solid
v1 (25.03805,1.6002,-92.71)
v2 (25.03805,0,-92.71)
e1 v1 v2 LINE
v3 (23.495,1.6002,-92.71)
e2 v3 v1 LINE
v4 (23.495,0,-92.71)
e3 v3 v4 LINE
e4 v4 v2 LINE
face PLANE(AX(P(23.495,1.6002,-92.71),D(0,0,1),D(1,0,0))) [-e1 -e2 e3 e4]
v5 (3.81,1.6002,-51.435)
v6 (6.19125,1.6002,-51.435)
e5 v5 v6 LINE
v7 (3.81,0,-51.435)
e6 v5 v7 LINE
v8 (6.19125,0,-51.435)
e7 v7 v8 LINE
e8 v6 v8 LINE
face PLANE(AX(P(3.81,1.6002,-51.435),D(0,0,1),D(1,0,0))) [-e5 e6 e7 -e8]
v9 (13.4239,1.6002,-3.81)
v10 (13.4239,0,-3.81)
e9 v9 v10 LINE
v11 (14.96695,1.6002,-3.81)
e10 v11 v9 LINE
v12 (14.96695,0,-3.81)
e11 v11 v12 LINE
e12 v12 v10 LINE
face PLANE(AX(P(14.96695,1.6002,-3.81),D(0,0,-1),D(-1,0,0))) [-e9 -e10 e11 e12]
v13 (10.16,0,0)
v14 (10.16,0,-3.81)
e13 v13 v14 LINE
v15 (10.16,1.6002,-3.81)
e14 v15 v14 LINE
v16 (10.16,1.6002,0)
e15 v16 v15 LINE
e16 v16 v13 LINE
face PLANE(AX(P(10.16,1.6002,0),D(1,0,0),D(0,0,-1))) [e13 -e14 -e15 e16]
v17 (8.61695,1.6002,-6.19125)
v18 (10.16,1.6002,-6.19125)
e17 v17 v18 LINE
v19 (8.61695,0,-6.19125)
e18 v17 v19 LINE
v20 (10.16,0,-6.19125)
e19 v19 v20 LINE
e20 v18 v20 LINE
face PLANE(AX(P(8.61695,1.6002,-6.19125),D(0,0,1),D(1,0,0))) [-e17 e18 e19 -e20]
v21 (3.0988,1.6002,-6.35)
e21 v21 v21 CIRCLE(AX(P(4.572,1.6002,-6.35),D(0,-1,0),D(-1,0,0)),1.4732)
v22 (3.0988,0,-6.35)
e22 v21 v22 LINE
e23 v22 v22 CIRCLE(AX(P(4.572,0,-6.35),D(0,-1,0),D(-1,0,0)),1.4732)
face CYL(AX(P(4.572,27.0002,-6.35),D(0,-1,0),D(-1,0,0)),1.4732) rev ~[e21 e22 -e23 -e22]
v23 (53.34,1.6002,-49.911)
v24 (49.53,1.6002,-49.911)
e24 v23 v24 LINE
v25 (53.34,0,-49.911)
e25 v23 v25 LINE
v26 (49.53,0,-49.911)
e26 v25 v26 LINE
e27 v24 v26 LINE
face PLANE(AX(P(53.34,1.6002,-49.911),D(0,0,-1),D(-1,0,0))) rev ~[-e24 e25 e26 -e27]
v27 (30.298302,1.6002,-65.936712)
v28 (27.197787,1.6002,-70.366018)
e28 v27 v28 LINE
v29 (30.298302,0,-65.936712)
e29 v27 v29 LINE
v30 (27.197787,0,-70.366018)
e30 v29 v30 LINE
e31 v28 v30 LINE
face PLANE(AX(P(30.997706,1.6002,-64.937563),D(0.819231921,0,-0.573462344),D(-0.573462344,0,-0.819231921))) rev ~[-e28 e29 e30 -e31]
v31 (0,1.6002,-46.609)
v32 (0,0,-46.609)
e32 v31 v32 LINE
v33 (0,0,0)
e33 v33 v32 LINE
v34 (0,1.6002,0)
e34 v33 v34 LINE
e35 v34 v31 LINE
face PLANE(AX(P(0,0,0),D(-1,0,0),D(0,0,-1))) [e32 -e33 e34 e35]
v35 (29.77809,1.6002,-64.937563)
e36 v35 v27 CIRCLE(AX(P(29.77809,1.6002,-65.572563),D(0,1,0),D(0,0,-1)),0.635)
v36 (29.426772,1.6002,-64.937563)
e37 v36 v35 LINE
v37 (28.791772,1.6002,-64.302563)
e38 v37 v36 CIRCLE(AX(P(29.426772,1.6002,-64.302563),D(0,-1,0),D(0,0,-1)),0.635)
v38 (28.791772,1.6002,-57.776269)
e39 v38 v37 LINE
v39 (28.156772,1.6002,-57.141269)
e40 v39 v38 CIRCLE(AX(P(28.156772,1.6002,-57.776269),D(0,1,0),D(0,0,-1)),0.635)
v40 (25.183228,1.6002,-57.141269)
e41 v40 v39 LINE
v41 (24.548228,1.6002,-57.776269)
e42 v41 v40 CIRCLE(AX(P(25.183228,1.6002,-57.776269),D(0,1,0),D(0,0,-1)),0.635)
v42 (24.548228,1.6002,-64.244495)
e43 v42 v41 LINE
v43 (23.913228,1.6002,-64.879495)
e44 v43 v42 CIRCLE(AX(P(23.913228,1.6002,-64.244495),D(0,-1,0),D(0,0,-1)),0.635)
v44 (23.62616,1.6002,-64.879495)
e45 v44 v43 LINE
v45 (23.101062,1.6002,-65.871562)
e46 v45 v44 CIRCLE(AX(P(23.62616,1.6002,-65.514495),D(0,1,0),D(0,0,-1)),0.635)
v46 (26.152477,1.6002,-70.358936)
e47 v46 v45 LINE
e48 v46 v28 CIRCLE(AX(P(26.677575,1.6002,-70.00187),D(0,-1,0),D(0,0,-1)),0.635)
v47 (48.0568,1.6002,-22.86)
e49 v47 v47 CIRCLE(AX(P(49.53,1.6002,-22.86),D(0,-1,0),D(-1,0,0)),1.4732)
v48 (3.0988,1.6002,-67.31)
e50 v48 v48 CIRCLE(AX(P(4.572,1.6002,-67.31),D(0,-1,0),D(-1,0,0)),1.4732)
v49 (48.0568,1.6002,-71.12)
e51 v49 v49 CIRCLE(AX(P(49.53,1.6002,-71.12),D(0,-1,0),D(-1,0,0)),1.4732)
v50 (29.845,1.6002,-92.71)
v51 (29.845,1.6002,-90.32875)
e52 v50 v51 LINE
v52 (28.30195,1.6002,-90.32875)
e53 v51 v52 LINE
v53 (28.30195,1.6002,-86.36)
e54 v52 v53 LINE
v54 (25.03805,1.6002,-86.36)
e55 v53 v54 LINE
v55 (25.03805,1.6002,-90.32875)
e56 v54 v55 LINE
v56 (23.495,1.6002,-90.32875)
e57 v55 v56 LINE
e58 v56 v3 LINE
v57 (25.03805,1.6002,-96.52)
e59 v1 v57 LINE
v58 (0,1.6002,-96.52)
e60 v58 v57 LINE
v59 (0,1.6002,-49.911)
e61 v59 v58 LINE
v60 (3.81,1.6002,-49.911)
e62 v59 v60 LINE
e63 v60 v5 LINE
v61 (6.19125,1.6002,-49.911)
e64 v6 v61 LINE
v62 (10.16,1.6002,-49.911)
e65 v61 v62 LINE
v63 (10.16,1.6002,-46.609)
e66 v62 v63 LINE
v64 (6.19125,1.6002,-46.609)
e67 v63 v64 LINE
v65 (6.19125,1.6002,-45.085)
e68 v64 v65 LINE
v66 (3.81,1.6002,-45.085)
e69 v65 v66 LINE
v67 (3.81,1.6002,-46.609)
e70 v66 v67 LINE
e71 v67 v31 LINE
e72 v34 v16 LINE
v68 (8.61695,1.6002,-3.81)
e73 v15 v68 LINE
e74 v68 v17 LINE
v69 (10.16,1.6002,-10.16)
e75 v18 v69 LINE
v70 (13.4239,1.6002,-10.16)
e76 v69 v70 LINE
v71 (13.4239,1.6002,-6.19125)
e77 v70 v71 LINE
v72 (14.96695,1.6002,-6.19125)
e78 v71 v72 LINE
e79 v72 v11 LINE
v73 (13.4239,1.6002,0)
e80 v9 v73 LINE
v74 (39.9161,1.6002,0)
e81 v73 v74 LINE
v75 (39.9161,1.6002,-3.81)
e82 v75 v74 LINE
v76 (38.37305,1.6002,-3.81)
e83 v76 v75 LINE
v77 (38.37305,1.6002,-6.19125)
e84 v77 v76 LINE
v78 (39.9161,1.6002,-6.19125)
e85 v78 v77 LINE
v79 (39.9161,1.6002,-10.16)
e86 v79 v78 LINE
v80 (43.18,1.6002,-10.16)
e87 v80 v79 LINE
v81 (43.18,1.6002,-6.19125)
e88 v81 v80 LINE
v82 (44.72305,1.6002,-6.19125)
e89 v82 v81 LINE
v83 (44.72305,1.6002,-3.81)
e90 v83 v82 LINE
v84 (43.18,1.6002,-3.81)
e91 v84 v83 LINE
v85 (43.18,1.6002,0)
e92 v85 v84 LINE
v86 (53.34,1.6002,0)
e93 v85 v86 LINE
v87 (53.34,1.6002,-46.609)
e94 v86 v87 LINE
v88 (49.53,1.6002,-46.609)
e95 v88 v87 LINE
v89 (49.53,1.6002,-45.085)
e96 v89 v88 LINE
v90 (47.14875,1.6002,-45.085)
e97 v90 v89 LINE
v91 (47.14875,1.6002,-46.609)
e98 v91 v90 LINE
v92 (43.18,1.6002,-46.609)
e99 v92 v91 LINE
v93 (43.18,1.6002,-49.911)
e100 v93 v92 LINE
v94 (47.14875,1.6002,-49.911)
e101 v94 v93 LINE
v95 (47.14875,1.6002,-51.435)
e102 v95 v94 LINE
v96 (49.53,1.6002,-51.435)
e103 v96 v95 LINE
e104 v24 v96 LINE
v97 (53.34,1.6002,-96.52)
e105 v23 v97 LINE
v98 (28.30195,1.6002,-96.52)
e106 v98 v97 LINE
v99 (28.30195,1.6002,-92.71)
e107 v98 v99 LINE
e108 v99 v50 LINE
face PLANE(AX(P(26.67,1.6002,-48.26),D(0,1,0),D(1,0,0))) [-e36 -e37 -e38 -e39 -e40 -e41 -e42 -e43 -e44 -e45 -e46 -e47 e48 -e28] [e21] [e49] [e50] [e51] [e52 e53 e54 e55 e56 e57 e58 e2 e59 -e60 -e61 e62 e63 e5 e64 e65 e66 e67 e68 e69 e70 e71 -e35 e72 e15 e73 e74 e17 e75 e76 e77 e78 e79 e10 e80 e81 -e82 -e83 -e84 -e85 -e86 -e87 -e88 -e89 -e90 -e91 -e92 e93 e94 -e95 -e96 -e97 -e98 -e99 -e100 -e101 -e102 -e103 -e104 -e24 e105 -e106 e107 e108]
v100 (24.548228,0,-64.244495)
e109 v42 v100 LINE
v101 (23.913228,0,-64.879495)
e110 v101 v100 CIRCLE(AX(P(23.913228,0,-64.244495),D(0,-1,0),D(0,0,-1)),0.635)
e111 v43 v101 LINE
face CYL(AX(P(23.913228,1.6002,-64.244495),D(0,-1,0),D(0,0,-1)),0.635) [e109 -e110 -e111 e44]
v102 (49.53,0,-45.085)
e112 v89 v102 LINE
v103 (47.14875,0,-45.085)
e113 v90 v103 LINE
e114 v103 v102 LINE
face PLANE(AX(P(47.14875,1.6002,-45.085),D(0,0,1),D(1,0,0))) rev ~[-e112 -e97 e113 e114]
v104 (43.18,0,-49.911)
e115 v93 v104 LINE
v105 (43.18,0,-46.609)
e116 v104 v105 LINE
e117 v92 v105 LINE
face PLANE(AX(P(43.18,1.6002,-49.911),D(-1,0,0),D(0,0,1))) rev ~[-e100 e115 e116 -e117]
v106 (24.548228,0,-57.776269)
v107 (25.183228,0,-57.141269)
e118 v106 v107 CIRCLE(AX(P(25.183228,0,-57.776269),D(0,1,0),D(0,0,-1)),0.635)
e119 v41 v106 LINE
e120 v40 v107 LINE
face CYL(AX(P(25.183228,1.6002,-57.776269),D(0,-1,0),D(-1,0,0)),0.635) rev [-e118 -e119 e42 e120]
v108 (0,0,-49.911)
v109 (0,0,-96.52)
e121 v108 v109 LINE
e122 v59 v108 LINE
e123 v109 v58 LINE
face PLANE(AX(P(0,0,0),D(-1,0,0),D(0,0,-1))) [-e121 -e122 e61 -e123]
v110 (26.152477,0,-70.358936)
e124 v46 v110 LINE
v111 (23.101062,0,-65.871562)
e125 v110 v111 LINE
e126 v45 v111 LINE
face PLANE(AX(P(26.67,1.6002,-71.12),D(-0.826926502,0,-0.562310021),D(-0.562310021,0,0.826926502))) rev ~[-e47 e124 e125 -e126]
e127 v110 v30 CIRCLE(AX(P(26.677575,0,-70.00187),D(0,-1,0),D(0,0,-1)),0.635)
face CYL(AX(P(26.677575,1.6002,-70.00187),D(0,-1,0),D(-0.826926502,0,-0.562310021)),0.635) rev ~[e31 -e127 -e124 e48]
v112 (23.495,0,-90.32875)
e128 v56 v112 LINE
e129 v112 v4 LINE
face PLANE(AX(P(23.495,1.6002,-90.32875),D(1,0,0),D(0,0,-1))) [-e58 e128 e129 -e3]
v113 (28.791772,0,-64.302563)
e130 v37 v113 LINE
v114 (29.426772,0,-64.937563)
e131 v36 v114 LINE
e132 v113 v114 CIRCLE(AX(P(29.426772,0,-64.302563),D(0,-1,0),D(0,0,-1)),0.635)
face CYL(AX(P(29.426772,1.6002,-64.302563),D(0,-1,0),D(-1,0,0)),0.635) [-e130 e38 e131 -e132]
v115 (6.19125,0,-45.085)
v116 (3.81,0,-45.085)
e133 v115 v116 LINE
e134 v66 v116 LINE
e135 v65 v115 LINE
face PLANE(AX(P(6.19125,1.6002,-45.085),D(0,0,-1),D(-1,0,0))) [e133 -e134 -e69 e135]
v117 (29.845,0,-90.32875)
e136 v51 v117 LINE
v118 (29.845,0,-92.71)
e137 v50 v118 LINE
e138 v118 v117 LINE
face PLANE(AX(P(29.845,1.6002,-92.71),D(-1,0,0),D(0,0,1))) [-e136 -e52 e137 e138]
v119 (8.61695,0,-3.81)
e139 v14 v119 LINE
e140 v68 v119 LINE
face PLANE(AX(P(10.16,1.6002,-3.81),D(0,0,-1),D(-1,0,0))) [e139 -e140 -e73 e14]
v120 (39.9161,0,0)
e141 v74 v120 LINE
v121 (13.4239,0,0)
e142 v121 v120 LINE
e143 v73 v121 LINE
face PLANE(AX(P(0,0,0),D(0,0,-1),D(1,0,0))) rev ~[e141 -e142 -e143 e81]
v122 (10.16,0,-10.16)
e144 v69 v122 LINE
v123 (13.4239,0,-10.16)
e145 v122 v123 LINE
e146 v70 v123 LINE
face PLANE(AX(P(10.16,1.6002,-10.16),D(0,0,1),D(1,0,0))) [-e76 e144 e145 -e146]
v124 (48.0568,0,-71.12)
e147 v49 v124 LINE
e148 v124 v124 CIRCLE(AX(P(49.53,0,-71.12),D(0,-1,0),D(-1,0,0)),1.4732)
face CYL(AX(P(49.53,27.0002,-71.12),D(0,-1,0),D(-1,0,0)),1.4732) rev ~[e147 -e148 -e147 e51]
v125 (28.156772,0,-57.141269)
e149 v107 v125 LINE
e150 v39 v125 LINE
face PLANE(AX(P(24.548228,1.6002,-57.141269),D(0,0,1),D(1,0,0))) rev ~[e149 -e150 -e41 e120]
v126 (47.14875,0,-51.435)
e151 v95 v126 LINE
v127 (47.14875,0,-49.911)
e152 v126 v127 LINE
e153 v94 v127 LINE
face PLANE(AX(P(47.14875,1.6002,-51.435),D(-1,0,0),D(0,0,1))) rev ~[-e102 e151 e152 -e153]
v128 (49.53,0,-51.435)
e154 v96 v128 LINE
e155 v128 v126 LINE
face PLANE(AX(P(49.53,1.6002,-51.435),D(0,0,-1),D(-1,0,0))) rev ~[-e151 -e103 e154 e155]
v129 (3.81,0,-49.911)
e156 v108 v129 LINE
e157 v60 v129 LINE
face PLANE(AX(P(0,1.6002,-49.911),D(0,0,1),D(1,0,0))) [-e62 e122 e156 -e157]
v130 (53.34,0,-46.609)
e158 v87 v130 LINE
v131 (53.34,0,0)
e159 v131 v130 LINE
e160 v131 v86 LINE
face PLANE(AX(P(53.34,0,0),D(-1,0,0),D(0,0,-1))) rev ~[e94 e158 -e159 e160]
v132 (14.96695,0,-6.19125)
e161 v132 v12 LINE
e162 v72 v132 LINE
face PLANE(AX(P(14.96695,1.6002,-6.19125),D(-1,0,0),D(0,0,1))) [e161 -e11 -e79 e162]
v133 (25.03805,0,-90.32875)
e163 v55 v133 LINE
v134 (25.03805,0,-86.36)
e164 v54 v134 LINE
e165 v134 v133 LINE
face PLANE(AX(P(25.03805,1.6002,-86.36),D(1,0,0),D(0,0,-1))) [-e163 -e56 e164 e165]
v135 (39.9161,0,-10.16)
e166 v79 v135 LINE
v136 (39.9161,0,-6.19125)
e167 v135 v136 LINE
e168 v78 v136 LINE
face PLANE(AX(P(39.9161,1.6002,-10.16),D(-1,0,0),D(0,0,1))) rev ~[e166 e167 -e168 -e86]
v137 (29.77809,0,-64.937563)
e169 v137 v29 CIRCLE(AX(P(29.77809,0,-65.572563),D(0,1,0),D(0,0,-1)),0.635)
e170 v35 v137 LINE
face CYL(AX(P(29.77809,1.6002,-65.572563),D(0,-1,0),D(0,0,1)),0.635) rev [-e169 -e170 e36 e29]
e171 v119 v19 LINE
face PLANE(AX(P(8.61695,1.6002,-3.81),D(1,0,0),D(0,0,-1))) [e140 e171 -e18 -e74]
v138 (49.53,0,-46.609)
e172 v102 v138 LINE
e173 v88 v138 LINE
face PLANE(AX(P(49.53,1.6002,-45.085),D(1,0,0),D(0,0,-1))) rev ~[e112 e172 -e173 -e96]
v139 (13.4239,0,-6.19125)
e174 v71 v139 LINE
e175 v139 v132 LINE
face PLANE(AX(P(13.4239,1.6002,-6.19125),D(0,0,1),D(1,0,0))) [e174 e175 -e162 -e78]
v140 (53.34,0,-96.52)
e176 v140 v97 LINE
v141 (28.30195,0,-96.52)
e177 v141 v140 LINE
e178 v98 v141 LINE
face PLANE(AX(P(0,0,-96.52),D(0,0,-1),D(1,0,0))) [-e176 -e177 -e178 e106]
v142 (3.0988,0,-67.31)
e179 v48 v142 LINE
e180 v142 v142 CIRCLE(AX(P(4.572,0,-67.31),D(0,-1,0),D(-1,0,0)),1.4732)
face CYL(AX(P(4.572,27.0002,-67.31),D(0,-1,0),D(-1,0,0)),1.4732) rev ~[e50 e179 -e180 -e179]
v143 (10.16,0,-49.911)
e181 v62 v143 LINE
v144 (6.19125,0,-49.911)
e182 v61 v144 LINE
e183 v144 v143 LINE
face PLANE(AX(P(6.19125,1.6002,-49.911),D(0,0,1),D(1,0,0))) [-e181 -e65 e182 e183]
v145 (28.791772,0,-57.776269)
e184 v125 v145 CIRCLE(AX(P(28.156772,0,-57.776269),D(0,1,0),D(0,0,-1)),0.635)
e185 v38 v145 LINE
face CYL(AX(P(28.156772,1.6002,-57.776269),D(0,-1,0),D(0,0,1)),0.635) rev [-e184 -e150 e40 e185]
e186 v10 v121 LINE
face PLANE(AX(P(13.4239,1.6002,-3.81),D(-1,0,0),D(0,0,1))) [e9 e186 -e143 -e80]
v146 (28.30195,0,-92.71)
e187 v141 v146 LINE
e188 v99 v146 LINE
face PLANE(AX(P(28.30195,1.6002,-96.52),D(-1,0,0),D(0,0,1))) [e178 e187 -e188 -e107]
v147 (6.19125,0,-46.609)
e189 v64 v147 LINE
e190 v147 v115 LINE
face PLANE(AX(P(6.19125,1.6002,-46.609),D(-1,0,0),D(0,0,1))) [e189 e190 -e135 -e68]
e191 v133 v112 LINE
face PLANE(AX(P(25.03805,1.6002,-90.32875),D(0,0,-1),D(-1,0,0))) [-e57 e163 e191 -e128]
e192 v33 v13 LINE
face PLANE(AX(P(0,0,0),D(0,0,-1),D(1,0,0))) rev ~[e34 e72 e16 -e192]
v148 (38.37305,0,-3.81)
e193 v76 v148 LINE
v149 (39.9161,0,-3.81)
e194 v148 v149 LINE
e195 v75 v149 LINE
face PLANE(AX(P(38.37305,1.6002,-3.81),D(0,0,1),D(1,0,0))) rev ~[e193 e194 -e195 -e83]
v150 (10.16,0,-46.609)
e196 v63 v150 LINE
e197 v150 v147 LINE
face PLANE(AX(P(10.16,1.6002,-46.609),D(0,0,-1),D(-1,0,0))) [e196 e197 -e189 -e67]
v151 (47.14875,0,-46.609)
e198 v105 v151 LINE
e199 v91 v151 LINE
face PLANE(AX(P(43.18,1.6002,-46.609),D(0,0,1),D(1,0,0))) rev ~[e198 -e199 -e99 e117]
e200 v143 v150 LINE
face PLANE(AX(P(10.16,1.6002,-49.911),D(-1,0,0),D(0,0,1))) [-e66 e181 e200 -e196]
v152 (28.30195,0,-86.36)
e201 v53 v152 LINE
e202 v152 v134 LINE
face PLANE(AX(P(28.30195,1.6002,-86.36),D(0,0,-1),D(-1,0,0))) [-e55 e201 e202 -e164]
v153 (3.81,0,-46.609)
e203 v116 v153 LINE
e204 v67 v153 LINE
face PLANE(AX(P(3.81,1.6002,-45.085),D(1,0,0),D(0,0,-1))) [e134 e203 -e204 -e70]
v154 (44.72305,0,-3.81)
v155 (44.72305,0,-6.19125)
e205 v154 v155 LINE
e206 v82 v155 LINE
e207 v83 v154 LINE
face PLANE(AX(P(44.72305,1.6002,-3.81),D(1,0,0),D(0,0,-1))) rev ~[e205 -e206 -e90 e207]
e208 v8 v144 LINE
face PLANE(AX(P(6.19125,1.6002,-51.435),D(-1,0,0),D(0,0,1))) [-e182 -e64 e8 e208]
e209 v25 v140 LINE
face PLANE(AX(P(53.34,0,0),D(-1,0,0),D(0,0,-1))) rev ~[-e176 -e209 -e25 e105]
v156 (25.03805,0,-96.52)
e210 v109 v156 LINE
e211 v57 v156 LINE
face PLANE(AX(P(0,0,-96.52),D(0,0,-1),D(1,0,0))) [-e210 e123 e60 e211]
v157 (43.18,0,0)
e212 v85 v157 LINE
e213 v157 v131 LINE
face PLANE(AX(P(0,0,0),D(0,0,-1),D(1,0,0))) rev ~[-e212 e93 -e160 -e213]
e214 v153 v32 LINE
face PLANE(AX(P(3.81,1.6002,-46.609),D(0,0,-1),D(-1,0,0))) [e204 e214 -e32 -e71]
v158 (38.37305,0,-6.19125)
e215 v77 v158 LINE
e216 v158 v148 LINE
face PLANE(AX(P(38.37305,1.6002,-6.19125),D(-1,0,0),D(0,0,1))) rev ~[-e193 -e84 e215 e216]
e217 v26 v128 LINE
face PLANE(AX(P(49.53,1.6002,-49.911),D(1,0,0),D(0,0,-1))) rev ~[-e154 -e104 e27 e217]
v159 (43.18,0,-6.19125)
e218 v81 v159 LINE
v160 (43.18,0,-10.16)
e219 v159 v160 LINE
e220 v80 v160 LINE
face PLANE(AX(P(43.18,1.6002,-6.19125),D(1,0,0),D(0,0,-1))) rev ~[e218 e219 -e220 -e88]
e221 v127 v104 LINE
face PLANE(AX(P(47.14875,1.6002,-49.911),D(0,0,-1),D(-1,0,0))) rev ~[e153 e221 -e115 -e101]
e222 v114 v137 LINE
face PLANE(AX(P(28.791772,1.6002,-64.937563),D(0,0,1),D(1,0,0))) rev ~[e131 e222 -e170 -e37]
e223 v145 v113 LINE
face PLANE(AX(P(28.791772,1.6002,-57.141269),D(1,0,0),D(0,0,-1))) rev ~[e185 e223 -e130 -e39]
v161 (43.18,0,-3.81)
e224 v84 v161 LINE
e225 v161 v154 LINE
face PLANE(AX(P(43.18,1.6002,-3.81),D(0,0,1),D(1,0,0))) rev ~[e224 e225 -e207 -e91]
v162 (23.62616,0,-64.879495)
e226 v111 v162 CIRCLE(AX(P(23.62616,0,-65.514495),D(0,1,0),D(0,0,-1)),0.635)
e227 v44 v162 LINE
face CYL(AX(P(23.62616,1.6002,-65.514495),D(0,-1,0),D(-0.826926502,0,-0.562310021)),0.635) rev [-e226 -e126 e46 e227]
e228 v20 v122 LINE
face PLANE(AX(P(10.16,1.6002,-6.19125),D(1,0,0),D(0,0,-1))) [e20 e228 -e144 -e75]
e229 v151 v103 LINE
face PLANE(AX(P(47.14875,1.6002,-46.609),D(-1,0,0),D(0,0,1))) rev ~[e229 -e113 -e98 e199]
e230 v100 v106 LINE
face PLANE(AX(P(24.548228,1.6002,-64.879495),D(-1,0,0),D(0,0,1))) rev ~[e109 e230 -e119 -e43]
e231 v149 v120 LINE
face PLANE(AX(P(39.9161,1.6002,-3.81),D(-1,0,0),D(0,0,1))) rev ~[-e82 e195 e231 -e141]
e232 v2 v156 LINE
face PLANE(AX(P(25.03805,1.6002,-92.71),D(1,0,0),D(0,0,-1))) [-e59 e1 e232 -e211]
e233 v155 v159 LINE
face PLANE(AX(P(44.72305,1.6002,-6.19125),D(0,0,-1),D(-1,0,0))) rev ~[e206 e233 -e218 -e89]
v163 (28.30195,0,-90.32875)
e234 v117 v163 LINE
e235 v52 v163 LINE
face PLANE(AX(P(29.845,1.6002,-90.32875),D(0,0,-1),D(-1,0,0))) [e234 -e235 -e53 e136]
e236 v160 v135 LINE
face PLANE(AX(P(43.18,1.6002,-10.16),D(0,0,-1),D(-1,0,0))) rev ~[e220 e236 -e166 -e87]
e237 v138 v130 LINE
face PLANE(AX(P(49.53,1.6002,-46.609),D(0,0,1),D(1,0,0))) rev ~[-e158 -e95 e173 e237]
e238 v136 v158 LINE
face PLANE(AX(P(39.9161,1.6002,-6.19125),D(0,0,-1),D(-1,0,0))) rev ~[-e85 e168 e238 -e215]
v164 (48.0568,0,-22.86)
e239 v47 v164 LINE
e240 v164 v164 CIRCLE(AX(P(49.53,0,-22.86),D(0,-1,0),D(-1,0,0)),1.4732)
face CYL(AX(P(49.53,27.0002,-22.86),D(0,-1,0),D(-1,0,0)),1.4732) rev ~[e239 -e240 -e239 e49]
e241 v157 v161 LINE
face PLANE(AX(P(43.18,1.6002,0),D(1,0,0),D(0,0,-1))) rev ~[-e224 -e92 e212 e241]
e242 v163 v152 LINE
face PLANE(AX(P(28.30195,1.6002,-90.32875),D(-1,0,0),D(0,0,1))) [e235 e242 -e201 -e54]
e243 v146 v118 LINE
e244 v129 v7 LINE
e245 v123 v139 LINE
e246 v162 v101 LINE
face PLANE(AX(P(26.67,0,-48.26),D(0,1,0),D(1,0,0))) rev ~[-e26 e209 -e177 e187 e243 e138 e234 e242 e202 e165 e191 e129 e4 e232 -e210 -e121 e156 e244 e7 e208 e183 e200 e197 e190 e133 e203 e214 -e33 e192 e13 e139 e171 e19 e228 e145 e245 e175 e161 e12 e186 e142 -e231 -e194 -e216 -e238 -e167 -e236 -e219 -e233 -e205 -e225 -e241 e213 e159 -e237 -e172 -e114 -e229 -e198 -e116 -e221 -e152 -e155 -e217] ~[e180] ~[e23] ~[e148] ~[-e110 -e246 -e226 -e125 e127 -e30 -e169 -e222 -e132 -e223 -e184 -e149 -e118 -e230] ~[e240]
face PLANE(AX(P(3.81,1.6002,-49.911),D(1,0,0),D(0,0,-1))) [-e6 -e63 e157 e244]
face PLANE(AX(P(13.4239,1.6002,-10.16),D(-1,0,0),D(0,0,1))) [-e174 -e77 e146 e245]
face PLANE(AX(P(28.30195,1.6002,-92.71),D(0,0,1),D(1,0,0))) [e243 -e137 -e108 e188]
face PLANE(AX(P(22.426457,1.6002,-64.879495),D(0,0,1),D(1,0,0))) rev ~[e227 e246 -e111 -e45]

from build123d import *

# Parameters (mm, degrees)
SKETCH1_W                       = 53.34
SKETCH1_H                       = 96.52
BOSS_EXTRUDE1_DEPTH             = 1.6002
CUT_EXTRUDE1_DEPTH              = 1.6002
F_32_0_116_DIAMETER_HOLE1_D     = 2.9464
F_32_0_116_DIAMETER_HOLE1_DEPTH = 25.4
F_32_0_116_DIAMETER_HOLE1_TIP   = 0.885187864
CUT_EXTRUDE2_DEPTH              = 2.54
FILLET1_R                       = 0.635


with BuildPart() as part:
    # Sketch1 → Boss-Extrude1 (new body)
    with BuildSketch(Plane(origin=(0, 0, 0), x_dir=(1, 0, 0), z_dir=(0, 1, 0))):
        with Locations((26.67, 48.26)):
            Rectangle(SKETCH1_W, SKETCH1_H)
    extrude(amount=BOSS_EXTRUDE1_DEPTH)

    # Sketch2 → Cut-Extrude1 (cut)
    with BuildSketch(Plane(origin=(0, 1.6002, 0), x_dir=(1, 0, 0), z_dir=(0, 1, 0))):
        Polygon((10.16, 0), (10.16, 3.81), (8.61695, 3.81), (8.61695, 6.19125), (10.16, 6.19125), (10.16, 10.16), (13.4239, 10.16), (13.4239, 6.19125), (14.96695, 6.19125), (14.96695, 3.81), (13.4239, 3.81), (13.4239, 0), align=None)
        Polygon((28.30195, 96.52), (28.30195, 92.71), (29.845, 92.71), (29.845, 90.32875), (28.30195, 90.32875), (28.30195, 86.36), (25.03805, 86.36), (25.03805, 90.32875), (23.495, 90.32875), (23.495, 92.71), (25.03805, 92.71), (25.03805, 96.52), align=None)
        Polygon((39.9161, 0), (43.18, 0), (43.18, 3.81), (44.72305, 3.81), (44.72305, 6.19125), (43.18, 6.19125), (43.18, 10.16), (39.9161, 10.16), (39.9161, 6.19125), (38.37305, 6.19125), (38.37305, 3.81), (39.9161, 3.81), align=None)
        Polygon((0, 49.911), (3.81, 49.911), (3.81, 51.435), (6.19125, 51.435), (6.19125, 49.911), (10.16, 49.911), (10.16, 46.609), (6.19125, 46.609), (6.19125, 45.085), (3.81, 45.085), (3.81, 46.609), (0, 46.609), align=None)
        Polygon((53.34, 46.609), (53.34, 49.911), (49.53, 49.911), (49.53, 51.435), (47.14875, 51.435), (47.14875, 49.911), (43.18, 49.911), (43.18, 46.609), (47.14875, 46.609), (47.14875, 45.085), (49.53, 45.085), (49.53, 46.609), align=None)
    extrude(amount=-CUT_EXTRUDE1_DEPTH, mode=Mode.SUBTRACT)

    # #32 (0.116) Diameter Hole1
    with Locations(Plane(origin=(0, 1.6002, 0), x_dir=(1, 0, 0), z_dir=(0, 1, 0))):
        with Locations((4.572, 6.35), (49.53, 22.86), (49.53, 71.12), (4.572, 67.31)):
            Hole(F_32_0_116_DIAMETER_HOLE1_D / 2, depth=F_32_0_116_DIAMETER_HOLE1_DEPTH)
            with Locations((0, 0, -(F_32_0_116_DIAMETER_HOLE1_DEPTH + F_32_0_116_DIAMETER_HOLE1_TIP / 2))):  # 118° drill point
                Cone(0, F_32_0_116_DIAMETER_HOLE1_D / 2, F_32_0_116_DIAMETER_HOLE1_TIP, mode=Mode.SUBTRACT)

    # Sketch7 → Cut-Extrude2 (cut)
    with BuildSketch(Plane(origin=(0, 1.6002, 0), x_dir=(1, 0, 0), z_dir=(0, 1, 0))):
        Polygon((26.67, 71.12), (22.426456564, 64.879494947), (24.548228282, 64.879494947), (24.548228282, 57.141268682), (26.67, 57.141268682), (28.791771718, 57.141268682), (28.791771718, 64.937563076), (30.997705847, 64.937563076), align=None)
    extrude(amount=-CUT_EXTRUDE2_DEPTH, mode=Mode.SUBTRACT)

    # Fillet1
    fillet1_edges = [part.edges().sort_by_distance(p)[0] for p in [
        (26.67, 0.8001, -71.12),
        (30.997705847, 0.8001, -64.937563076),
        (28.791771718, 0.8001, -64.937563076),
        (28.791771718, 0.8001, -57.141268682),
        (24.548228282, 0.8001, -57.141268682),
        (24.548228282, 0.8001, -64.879494947),
        (22.426456564, 0.8001, -64.879494947),
    ]]
    fillet(fillet1_edges, radius=FILLET1_R)


solid = part.part
